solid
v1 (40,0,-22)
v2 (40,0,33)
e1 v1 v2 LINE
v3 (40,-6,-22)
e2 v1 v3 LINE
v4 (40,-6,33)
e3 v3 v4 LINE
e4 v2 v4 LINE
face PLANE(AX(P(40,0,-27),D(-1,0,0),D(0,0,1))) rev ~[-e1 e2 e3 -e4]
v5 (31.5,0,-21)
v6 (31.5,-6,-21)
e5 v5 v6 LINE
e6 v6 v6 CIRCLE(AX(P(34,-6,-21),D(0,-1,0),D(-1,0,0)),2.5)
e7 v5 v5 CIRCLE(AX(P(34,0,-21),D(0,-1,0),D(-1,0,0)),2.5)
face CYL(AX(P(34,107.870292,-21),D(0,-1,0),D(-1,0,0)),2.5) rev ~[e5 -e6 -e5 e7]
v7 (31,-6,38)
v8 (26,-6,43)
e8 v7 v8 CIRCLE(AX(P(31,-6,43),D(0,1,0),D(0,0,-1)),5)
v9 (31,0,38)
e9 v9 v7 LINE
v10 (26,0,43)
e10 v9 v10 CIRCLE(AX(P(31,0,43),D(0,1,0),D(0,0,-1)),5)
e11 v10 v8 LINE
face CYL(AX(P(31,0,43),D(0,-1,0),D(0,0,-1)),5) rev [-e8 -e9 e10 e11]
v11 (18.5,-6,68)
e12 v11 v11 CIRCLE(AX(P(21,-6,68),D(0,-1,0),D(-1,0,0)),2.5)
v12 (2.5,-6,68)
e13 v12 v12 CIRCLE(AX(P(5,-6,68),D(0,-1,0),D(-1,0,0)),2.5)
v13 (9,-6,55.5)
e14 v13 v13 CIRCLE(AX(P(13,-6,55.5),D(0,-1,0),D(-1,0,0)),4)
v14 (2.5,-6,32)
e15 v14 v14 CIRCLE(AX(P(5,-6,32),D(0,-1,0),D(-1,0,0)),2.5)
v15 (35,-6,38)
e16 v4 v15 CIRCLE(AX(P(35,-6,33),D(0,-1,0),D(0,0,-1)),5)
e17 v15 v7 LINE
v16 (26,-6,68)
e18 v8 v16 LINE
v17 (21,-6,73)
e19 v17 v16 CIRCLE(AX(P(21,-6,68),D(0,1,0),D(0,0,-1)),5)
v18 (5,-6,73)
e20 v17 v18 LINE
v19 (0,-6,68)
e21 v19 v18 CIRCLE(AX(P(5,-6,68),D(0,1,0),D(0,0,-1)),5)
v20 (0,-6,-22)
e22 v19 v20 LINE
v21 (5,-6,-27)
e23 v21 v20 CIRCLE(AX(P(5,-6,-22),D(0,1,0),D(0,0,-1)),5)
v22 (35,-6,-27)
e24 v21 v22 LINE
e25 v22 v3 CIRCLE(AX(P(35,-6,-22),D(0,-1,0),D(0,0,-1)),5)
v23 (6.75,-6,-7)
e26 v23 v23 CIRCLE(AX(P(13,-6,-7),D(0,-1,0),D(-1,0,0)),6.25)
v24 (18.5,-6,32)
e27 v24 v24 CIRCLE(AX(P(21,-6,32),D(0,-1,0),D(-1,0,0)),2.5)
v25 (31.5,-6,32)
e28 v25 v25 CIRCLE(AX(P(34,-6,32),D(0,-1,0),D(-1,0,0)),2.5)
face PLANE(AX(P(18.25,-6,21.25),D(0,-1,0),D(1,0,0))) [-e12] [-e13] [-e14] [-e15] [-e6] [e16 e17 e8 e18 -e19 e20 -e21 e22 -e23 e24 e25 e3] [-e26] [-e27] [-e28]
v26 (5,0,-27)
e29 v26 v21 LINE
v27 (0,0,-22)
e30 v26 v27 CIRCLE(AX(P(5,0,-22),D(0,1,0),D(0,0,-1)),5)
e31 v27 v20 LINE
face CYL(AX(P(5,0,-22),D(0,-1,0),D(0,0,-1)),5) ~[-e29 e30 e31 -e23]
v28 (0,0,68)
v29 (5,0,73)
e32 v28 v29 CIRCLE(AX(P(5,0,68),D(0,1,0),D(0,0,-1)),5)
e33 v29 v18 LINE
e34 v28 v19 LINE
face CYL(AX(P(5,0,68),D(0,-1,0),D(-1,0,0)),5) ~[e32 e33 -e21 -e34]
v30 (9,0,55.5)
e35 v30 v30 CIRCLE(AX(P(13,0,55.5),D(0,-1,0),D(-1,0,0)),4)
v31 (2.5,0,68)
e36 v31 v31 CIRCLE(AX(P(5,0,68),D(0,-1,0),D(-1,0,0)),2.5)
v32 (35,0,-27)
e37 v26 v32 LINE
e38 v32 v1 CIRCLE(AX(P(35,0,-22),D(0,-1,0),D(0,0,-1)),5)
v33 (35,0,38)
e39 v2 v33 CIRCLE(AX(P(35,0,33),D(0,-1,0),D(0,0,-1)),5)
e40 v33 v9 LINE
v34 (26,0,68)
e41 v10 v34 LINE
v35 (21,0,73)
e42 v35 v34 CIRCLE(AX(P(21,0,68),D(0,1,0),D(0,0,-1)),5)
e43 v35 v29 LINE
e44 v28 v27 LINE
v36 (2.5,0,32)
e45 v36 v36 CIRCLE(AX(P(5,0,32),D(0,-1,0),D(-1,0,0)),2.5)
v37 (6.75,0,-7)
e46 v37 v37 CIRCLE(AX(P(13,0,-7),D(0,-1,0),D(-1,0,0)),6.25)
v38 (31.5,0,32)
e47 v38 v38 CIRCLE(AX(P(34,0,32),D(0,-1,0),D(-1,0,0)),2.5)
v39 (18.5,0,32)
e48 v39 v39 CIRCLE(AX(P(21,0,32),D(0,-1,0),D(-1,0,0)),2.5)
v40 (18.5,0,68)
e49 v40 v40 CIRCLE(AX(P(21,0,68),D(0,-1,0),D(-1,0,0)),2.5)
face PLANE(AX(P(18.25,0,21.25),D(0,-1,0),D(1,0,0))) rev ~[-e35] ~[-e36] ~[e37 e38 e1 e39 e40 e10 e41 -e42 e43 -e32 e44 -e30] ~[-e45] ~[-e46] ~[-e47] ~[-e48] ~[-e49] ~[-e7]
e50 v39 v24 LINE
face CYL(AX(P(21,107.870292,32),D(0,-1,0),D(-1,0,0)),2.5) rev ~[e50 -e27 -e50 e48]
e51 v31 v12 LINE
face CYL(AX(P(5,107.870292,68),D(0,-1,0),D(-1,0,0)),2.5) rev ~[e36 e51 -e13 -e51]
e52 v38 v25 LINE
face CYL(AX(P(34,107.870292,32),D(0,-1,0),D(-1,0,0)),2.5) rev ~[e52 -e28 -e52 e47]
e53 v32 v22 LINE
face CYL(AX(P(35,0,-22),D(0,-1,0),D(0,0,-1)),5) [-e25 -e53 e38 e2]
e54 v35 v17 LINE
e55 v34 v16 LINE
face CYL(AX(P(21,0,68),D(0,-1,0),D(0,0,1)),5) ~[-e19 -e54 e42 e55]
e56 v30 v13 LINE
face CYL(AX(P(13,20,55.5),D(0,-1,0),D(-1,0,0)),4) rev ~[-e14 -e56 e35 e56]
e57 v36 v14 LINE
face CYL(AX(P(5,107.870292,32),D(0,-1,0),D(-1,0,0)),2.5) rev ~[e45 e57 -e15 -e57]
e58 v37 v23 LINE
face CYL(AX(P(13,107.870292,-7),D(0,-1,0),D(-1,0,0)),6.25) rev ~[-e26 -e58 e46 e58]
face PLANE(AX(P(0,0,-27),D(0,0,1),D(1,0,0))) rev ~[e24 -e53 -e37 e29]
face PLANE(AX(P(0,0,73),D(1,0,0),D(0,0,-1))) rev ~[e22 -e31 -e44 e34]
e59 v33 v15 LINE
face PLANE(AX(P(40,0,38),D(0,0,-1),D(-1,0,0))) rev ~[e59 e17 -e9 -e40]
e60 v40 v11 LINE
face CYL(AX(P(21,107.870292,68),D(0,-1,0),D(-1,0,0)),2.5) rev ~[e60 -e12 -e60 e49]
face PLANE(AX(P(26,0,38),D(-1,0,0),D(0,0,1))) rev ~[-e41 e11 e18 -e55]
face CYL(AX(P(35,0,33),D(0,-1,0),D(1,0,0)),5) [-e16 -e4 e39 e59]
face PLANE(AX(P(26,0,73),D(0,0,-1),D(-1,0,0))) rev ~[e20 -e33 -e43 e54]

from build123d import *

# Parameters (mm, degrees)
F1_DEPTH = 6
F2_D     = 12.5
F3_D     = 5
F4_D     = 5
F5_D     = 5
F6_R     = 5
F7_D     = 8
F7_DEPTH = 20
F7_TIP   = 2.4034424761


with BuildPart() as f1:
    # F0 (on Front) → F1 (new body)
    with BuildSketch(Plane.XZ):
        Polygon((0, 27), (0, -27), (13, -27), (40, -27), (40, 38), (26, 38), (26, 73), (0, 73), align=None)
    extrude(amount=F1_DEPTH)

    # F2 (through all)
    with Locations(Plane(origin=(0, 0, 0), x_dir=(1, 0, 0), z_dir=(0, 1, 0))):
        with Locations((13, 7)):
            Hole(F2_D / 2)

    # F3 (through all)
    with Locations(Plane(origin=(0, 0, 0), x_dir=(1, 0, 0), z_dir=(0, 1, 0))):
        with Locations((34, 21), (34, -32)):
            Hole(F3_D / 2)

    # F4 (through all)
    with Locations(Plane(origin=(0, 0, 0), x_dir=(1, 0, 0), z_dir=(0, 1, 0))):
        with Locations((5, -32), (21, -32)):
            Hole(F4_D / 2)

    # F5 (through all)
    with Locations(Plane(origin=(0, 0, 0), x_dir=(1, 0, 0), z_dir=(0, 1, 0))):
        with Locations((5, -68), (21, -68)):
            Hole(F5_D / 2)

    # F6
    f6_edges = [f1.edges().sort_by_distance(p)[0] for p in [
        (0, -3, 73),
        (26, -3, 73),
        (26, -3, 38),
        (40, -3, 38),
        (40, -3, -27),
        (0, -3, -27),
    ]]
    fillet(f6_edges, radius=F6_R)

    # F7
    with Locations(Plane(origin=(0, 0, 0), x_dir=(1, 0, 0), z_dir=(0, 1, 0))):
        with Locations((13, -55.5)):
            Hole(F7_D / 2, depth=F7_DEPTH)
            with Locations((0, 0, -(F7_DEPTH + F7_TIP / 2))):  # 118° drill point
                Cone(0, F7_D / 2, F7_TIP, mode=Mode.SUBTRACT)


solid = f1.part
